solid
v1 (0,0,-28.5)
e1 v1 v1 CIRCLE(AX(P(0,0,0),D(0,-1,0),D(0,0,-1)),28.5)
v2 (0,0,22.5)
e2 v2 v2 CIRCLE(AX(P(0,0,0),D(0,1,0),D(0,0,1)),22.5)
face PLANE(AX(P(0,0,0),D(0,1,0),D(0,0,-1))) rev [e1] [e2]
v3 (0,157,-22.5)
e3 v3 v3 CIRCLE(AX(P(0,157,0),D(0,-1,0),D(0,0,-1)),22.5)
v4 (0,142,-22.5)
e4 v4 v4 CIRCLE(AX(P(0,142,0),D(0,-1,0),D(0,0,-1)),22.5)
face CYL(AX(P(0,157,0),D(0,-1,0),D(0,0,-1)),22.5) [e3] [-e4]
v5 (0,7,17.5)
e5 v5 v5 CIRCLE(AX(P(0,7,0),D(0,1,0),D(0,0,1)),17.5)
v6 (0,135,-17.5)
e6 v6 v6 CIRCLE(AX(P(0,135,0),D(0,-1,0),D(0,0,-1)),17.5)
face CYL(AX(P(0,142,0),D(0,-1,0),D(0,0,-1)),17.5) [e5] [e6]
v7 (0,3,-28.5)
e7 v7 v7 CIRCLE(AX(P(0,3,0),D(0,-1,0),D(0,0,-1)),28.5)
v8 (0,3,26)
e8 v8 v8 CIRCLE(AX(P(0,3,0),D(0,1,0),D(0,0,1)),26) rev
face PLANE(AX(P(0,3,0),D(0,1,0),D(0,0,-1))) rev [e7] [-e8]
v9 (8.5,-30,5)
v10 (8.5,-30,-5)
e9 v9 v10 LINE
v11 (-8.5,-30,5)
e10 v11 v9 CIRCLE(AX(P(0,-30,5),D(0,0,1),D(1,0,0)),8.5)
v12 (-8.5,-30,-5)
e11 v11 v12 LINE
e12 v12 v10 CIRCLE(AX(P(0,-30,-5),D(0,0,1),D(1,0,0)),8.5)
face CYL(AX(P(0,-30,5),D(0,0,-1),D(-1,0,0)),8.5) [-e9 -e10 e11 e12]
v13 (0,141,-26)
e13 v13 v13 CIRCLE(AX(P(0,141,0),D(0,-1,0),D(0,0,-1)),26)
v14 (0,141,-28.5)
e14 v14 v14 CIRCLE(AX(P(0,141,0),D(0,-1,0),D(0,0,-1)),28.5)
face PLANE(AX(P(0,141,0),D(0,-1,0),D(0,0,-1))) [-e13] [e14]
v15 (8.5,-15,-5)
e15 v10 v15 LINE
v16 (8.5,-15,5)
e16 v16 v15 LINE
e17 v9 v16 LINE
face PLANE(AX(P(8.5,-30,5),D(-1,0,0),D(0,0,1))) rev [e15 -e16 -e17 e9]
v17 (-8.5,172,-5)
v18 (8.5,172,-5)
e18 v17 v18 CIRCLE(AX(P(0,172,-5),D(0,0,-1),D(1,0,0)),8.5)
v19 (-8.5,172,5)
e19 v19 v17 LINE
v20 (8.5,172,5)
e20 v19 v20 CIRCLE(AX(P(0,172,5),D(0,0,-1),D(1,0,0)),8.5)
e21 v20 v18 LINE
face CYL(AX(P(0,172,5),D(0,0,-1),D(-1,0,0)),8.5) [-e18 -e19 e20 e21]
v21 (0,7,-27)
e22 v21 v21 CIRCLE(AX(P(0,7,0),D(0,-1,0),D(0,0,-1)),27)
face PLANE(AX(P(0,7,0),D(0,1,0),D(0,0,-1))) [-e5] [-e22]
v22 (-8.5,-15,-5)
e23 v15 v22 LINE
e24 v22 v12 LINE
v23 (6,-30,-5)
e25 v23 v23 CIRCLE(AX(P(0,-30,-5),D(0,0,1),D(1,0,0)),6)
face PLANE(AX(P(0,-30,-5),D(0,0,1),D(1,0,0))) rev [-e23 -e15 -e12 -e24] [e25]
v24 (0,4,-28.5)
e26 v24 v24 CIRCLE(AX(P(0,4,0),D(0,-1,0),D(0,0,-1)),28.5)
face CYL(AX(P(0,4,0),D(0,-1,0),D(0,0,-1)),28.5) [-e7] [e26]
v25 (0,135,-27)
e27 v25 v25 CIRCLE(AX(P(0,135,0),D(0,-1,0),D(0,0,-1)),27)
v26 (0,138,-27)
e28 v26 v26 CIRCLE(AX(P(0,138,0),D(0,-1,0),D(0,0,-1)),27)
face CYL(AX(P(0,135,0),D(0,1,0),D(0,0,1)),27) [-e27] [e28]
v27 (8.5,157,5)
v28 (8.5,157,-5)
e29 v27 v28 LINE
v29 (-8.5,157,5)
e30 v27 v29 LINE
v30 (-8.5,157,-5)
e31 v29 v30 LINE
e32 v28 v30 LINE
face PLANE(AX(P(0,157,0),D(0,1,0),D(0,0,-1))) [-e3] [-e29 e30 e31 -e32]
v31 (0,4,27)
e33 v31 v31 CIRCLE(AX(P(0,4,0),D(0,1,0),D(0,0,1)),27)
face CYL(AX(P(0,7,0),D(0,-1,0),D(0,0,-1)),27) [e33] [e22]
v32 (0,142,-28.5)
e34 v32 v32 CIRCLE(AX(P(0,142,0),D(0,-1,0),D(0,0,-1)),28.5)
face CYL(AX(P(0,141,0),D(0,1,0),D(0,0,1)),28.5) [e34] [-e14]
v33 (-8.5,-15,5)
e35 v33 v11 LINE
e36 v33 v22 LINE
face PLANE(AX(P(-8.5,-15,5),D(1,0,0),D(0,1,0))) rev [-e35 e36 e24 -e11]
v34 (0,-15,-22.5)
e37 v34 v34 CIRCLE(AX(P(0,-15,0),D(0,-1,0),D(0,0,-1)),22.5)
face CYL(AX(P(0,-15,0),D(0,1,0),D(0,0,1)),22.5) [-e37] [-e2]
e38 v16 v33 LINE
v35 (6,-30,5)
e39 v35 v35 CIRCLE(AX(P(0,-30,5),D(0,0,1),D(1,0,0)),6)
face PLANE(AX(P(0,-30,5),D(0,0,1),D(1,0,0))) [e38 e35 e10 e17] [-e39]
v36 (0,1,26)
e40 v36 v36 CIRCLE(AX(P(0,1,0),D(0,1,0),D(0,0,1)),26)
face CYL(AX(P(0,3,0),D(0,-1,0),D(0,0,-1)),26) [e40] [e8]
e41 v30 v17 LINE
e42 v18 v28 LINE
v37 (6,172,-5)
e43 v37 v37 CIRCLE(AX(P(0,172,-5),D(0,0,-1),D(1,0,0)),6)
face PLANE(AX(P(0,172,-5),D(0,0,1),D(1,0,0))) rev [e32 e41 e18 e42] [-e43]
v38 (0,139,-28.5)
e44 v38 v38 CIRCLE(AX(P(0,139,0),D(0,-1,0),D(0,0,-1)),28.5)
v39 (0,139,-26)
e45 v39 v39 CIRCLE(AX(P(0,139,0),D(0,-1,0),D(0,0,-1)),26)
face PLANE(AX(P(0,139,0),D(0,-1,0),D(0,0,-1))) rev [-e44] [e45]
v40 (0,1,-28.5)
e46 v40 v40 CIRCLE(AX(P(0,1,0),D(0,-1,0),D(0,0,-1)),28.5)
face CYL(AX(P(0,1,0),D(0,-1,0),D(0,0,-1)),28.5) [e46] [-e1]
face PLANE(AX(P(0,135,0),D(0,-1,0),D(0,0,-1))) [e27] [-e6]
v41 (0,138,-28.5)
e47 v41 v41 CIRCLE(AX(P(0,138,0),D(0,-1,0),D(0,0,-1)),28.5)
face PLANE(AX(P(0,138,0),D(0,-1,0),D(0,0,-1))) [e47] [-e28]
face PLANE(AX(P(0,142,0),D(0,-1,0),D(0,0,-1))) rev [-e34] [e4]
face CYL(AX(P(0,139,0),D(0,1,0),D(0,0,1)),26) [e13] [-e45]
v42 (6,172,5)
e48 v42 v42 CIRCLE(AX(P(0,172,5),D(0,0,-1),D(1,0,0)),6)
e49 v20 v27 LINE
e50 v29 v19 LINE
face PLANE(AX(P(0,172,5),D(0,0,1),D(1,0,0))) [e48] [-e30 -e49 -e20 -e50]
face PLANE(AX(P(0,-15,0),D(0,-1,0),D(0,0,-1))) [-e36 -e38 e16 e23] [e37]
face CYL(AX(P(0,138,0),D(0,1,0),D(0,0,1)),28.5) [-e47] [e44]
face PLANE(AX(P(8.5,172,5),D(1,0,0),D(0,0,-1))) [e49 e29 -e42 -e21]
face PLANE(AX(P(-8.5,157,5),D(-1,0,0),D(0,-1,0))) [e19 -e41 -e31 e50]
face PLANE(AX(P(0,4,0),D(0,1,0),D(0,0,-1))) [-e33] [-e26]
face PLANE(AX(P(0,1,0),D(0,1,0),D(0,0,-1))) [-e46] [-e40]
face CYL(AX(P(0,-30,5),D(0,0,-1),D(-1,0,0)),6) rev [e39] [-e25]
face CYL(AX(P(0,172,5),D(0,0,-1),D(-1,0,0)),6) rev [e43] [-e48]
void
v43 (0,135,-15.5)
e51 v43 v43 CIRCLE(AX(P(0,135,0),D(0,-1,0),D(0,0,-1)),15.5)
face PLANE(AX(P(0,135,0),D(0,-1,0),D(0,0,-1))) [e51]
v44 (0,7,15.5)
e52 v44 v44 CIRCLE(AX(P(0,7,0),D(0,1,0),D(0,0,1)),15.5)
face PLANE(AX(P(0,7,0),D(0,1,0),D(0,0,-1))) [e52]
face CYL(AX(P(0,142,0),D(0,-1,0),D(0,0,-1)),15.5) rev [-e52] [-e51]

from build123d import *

# Parameters (mm, degrees)
SKETCH1_R           = 17.5
BOSS_EXTRUDE1_DEPTH = 142
SHELL1_T            = -2
SKETCH2_R           = 22.5
BOSS_EXTRUDE2_DEPTH = 15
SKETCH3_R           = 6
BOSS_EXTRUDE3_DEPTH = 5
SKETCH4_R           = 28.5
BOSS_EXTRUDE4_DEPTH = 1
SKETCH5_R           = 26
BOSS_EXTRUDE5_DEPTH = 2
SKETCH6_R           = 28.5
BOSS_EXTRUDE6_DEPTH = 1
SKETCH7_R           = 27
BOSS_EXTRUDE7_DEPTH = 3


with BuildPart() as part:
    # Sketch1 → Boss-Extrude1 (new body)
    with BuildSketch(Plane(origin=(0, 0, 0), x_dir=(1, 0, 0), z_dir=(0, 1, 0))):
        with Locations(Location((0, 0, 0), (0, 0, 270))):
            Circle(SKETCH1_R)
    extrude(amount=BOSS_EXTRUDE1_DEPTH)

    # Shell1
    shell1_openings = [part.faces().sort_by_distance(p)[0] for p in [
        (0, 142, 0),
        (0, 0, 0),
    ]]
    offset(amount=SHELL1_T, openings=shell1_openings, kind=Kind.INTERSECTION)

    # Sketch2 → Boss-Extrude2 (add)
    with BuildSketch(Plane.XZ):
        with Locations(Location((0, 0, 0), (0, 0, 270))):
            Circle(SKETCH2_R)
    boss_extrude2 = extrude(amount=BOSS_EXTRUDE2_DEPTH)

    # Sketch3 → Boss-Extrude3 (add, symmetric)
    with BuildSketch(Plane.XY):
        with BuildLine():
            Line((-8.5, -15), (-8.5, -30))
            ThreePointArc((-8.5, -30), (0, -38.5), (8.5, -30))
            Line((8.5, -30), (8.5, -15))
            Line((8.5, -15), (-8.5, -15))
        make_face()
        with Locations((0, -30)):
            Circle(SKETCH3_R, mode=Mode.SUBTRACT)
    boss_extrude3 = extrude(amount=BOSS_EXTRUDE3_DEPTH, both=True)

    # Mirror1: Boss-Extrude2, Boss-Extrude3 across plane
    add(boss_extrude2.mirror(Plane.ZX.offset(71)))
    add(boss_extrude3.mirror(Plane.ZX.offset(71)))

    # Sketch4 → Boss-Extrude4 (add)
    with BuildSketch(Plane.XZ.offset(-142)):
        with Locations(Location((0, 0, 0), (0, 0, 270))):
            Circle(SKETCH4_R)
    boss_extrude4 = extrude(amount=BOSS_EXTRUDE4_DEPTH)

    # Sketch5 → Boss-Extrude5 (add)
    with BuildSketch(Plane.XZ.offset(-141)):
        with Locations(Location((0, 0, 0), (0, 0, 270))):
            Circle(SKETCH5_R)
    boss_extrude5 = extrude(amount=BOSS_EXTRUDE5_DEPTH)

    # Sketch6 → Boss-Extrude6 (add)
    with BuildSketch(Plane.XZ.offset(-139)):
        with Locations(Location((0, 0, 0), (0, 0, 270))):
            Circle(SKETCH6_R)
    boss_extrude6 = extrude(amount=BOSS_EXTRUDE6_DEPTH)

    # Mirror2: Boss-Extrude4, Boss-Extrude5, Boss-Extrude6 across plane
    add(boss_extrude4.mirror(Plane.ZX.offset(71)))
    add(boss_extrude5.mirror(Plane.ZX.offset(71)))
    add(boss_extrude6.mirror(Plane.ZX.offset(71)))

    # Sketch7 → Boss-Extrude7 (add)
    with BuildSketch(Plane.XZ.offset(-138)):
        with Locations(Location((0, 0, 0), (0, 0, 270))):
            Circle(SKETCH7_R)
    boss_extrude7 = extrude(amount=BOSS_EXTRUDE7_DEPTH)

    # Mirror3: Boss-Extrude7 across plane
    add(boss_extrude7.mirror(Plane.ZX.offset(71)))


solid = part.part
